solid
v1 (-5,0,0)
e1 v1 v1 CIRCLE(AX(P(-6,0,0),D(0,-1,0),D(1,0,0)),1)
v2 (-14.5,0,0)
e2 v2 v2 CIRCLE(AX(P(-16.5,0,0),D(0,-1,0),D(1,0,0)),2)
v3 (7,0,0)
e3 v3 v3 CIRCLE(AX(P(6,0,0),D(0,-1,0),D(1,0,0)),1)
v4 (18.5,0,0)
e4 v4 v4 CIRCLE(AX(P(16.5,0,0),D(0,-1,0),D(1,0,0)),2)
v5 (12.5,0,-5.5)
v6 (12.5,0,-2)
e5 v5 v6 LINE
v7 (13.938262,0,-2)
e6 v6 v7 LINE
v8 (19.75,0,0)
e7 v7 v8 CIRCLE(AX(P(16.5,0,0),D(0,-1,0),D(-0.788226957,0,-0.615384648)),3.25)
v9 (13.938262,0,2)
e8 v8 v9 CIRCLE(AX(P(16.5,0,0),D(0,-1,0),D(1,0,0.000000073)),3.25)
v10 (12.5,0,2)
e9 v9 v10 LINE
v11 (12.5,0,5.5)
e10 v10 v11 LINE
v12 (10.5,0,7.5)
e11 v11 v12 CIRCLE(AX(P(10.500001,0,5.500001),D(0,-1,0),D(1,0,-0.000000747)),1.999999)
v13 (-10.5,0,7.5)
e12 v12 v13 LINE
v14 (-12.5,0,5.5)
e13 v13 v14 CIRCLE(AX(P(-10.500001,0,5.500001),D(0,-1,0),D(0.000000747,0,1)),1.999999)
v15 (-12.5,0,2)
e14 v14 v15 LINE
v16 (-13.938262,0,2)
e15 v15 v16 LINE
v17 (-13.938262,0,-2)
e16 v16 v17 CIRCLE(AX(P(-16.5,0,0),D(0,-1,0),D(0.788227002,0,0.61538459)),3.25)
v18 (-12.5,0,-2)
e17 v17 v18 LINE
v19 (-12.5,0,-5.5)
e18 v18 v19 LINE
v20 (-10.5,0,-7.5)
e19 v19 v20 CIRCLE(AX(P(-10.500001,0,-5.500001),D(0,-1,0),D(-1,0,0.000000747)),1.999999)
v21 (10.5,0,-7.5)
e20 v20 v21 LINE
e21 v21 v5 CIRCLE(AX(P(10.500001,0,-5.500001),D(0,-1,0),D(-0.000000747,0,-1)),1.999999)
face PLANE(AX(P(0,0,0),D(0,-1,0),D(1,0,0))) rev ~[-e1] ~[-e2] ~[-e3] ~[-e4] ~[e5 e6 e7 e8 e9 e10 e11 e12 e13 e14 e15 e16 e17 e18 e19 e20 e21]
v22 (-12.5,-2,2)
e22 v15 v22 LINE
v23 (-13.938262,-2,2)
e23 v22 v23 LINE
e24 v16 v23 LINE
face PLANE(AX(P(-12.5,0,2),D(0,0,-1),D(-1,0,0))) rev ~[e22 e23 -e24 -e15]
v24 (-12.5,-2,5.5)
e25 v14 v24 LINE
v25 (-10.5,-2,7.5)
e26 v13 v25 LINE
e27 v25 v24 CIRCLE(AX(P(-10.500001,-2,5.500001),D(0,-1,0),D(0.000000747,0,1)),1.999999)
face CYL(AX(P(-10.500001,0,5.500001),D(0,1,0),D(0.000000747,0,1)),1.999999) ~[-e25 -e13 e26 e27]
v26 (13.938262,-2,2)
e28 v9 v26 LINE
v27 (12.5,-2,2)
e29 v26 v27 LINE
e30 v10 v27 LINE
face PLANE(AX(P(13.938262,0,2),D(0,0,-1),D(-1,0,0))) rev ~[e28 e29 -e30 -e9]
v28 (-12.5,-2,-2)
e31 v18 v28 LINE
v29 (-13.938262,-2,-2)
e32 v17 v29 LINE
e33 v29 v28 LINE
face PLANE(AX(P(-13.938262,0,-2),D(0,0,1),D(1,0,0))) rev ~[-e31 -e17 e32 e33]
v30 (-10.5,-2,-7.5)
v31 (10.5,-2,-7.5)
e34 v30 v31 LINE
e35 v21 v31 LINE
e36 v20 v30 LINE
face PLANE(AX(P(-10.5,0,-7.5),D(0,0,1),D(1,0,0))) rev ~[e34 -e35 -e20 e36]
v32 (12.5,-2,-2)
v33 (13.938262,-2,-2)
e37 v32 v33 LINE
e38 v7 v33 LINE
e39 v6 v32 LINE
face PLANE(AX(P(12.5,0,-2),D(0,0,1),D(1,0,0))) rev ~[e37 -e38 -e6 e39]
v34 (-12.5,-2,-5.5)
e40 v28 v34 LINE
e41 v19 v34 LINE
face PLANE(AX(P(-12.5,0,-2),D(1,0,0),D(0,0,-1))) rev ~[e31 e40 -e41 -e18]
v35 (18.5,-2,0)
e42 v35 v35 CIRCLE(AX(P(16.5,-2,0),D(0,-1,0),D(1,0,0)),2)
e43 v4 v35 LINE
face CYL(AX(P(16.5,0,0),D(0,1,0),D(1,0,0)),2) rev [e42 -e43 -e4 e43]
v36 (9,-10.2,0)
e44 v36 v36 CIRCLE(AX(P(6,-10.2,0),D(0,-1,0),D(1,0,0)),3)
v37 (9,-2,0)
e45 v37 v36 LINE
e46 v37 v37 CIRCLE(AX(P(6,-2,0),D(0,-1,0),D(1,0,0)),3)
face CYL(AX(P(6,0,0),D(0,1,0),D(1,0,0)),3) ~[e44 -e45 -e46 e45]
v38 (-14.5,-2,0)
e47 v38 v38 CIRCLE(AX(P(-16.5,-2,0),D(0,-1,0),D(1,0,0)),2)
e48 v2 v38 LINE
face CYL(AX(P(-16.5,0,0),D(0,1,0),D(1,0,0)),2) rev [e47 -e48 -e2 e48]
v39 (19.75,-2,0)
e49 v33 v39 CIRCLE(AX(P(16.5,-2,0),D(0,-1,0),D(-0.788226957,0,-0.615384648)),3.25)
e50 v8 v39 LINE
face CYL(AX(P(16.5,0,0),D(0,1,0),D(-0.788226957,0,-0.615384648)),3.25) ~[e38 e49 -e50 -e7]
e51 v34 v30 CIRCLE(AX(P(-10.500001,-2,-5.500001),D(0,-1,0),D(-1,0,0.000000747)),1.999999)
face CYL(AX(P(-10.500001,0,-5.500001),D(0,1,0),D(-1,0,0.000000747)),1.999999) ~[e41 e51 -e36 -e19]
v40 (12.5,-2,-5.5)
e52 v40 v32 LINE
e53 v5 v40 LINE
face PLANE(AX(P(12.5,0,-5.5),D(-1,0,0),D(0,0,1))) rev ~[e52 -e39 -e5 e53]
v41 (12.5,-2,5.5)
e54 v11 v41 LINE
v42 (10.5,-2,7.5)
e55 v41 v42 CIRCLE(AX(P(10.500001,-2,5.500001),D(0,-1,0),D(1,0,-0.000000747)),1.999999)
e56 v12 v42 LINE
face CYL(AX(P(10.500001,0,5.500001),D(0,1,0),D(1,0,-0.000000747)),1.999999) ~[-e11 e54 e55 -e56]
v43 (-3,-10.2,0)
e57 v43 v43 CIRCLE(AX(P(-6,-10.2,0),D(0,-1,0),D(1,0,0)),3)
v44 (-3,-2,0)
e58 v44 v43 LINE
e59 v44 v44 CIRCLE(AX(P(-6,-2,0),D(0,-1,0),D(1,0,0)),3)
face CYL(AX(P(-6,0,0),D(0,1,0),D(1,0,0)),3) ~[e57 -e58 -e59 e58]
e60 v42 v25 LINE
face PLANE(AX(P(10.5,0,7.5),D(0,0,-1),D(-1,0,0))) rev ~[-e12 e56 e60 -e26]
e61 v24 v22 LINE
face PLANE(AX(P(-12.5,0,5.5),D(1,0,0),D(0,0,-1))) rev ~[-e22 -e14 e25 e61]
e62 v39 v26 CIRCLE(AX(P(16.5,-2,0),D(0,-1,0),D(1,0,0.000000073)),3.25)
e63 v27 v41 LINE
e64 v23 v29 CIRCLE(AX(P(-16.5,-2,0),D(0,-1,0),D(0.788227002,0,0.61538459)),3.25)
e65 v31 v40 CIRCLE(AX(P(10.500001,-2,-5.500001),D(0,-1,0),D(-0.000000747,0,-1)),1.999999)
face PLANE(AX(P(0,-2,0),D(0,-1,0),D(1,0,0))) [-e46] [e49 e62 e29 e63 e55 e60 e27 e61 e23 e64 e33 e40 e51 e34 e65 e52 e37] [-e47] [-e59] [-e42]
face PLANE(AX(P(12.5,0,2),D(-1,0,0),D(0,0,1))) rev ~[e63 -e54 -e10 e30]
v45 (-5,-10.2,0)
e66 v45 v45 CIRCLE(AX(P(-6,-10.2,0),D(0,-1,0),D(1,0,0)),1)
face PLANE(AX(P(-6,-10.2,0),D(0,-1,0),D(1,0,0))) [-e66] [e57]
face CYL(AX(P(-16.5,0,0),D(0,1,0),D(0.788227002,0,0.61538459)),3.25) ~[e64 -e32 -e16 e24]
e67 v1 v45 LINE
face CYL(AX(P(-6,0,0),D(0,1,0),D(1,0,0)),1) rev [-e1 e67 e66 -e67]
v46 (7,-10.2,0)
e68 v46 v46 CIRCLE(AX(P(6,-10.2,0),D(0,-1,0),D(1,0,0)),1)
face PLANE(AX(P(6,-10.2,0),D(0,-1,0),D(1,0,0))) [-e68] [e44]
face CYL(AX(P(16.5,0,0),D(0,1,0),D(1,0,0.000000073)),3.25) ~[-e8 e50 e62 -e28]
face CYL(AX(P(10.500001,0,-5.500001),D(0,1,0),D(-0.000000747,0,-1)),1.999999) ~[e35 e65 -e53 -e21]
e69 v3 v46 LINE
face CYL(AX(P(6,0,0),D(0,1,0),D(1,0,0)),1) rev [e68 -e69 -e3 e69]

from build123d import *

# Parameters (mm, degrees)
F0_R     = 3
F0_R_2   = 2
F1_DEPTH = 2
F0_R_3   = 1
F2_DEPTH = 10.2


with BuildPart() as f1:
    # F0 (on Front) → F1 (new body)
    with BuildSketch(Plane.XZ):
        with BuildLine():
            Line((-10.5, -7.5), (10.5, -7.5))
            ThreePointArc((10.5, -7.5), (11.914214, -6.914214), (12.5, -5.5))
            Line((12.5, -5.5), (12.5, -2))
            Line((12.5, -2), (12.5, 2))
            Line((12.5, 2), (12.5, 5.5))
            ThreePointArc((12.5, 5.5), (11.914214, 6.914214), (10.5, 7.5))
            Line((10.5, 7.5), (-10.5, 7.5))
            ThreePointArc((-10.5, 7.5), (-11.914214, 6.914214), (-12.5, 5.5))
            Line((-12.5, 5.5), (-12.5, 2))
            Line((-12.5, 2), (-12.5, -2))
            Line((-12.5, -2), (-12.5, -5.5))
            ThreePointArc((-12.5, -5.5), (-11.914214, -6.914214), (-10.5, -7.5))
        make_face()
        with Locations((-6, 0)):
            Circle(F0_R, mode=Mode.SUBTRACT)
        with Locations((6, 0)):
            Circle(F0_R, mode=Mode.SUBTRACT)
        with BuildLine():
            Line((-13.938262, -2), (-12.5, -2))
            Line((-12.5, -2), (-12.5, 2))
            Line((-12.5, 2), (-13.938262, 2))
            ThreePointArc((-13.938262, 2), (-13.426879, 1.057557), (-13.25, 0))
            ThreePointArc((-13.25, 0), (-13.426879, -1.057557), (-13.938262, -2))
        make_face()
        with BuildLine():
            Line((-14.2, -2), (-13.938262, -2))
            ThreePointArc((-13.938262, -2), (-13.426879, -1.057557), (-13.25, 0))
            ThreePointArc((-13.25, 0), (-13.426879, 1.057557), (-13.938262, 2))
            Line((-13.938262, 2), (-14.2, 2))
            Line((-14.2, 2), (-14.2, -2))
        make_face()
        with BuildLine():
            ThreePointArc((-13.938262, 2), (-19.75, 0), (-13.938262, -2))
            Line((-13.938262, -2), (-14.2, -2))
            Line((-14.2, -2), (-14.2, 2))
            Line((-14.2, 2), (-13.938262, 2))
        make_face()
        with Locations((-16.5, 0)):
            Circle(F0_R_2, mode=Mode.SUBTRACT)
        with BuildLine():
            Line((12.5, 2), (12.5, -2))
            Line((12.5, -2), (13.938262, -2))
            ThreePointArc((13.938262, -2), (13.25, 0), (13.938262, 2))
            Line((13.938262, 2), (12.5, 2))
        make_face()
        with BuildLine():
            ThreePointArc((13.938262, 2), (13.25, 0), (13.938262, -2))
            Line((13.938262, -2), (14.2, -2))
            Line((14.2, -2), (14.2, 2))
            Line((14.2, 2), (13.938262, 2))
        make_face()
        with BuildLine():
            Line((14.2, -2), (13.938262, -2))
            ThreePointArc((13.938262, -2), (17.557557, -3.073121), (19.75, 0))
            ThreePointArc((19.75, 0), (17.557557, 3.073121), (13.938262, 2))
            Line((13.938262, 2), (14.2, 2))
            Line((14.2, 2), (14.2, -2))
        make_face()
        with Locations((16.5, 0)):
            Circle(F0_R_2, mode=Mode.SUBTRACT)
    extrude(amount=F1_DEPTH)

    # F0 (on Front) → F2 (join)
    with BuildSketch(Plane.XZ):
        with Locations((-6, 0)):
            Circle(F0_R)
        with Locations((-6, 0)):
            Circle(F0_R_3, mode=Mode.SUBTRACT)
        with Locations((6, 0)):
            Circle(F0_R)
        with Locations((6, 0)):
            Circle(F0_R_3, mode=Mode.SUBTRACT)
    extrude(amount=F2_DEPTH)


solid = f1.part
